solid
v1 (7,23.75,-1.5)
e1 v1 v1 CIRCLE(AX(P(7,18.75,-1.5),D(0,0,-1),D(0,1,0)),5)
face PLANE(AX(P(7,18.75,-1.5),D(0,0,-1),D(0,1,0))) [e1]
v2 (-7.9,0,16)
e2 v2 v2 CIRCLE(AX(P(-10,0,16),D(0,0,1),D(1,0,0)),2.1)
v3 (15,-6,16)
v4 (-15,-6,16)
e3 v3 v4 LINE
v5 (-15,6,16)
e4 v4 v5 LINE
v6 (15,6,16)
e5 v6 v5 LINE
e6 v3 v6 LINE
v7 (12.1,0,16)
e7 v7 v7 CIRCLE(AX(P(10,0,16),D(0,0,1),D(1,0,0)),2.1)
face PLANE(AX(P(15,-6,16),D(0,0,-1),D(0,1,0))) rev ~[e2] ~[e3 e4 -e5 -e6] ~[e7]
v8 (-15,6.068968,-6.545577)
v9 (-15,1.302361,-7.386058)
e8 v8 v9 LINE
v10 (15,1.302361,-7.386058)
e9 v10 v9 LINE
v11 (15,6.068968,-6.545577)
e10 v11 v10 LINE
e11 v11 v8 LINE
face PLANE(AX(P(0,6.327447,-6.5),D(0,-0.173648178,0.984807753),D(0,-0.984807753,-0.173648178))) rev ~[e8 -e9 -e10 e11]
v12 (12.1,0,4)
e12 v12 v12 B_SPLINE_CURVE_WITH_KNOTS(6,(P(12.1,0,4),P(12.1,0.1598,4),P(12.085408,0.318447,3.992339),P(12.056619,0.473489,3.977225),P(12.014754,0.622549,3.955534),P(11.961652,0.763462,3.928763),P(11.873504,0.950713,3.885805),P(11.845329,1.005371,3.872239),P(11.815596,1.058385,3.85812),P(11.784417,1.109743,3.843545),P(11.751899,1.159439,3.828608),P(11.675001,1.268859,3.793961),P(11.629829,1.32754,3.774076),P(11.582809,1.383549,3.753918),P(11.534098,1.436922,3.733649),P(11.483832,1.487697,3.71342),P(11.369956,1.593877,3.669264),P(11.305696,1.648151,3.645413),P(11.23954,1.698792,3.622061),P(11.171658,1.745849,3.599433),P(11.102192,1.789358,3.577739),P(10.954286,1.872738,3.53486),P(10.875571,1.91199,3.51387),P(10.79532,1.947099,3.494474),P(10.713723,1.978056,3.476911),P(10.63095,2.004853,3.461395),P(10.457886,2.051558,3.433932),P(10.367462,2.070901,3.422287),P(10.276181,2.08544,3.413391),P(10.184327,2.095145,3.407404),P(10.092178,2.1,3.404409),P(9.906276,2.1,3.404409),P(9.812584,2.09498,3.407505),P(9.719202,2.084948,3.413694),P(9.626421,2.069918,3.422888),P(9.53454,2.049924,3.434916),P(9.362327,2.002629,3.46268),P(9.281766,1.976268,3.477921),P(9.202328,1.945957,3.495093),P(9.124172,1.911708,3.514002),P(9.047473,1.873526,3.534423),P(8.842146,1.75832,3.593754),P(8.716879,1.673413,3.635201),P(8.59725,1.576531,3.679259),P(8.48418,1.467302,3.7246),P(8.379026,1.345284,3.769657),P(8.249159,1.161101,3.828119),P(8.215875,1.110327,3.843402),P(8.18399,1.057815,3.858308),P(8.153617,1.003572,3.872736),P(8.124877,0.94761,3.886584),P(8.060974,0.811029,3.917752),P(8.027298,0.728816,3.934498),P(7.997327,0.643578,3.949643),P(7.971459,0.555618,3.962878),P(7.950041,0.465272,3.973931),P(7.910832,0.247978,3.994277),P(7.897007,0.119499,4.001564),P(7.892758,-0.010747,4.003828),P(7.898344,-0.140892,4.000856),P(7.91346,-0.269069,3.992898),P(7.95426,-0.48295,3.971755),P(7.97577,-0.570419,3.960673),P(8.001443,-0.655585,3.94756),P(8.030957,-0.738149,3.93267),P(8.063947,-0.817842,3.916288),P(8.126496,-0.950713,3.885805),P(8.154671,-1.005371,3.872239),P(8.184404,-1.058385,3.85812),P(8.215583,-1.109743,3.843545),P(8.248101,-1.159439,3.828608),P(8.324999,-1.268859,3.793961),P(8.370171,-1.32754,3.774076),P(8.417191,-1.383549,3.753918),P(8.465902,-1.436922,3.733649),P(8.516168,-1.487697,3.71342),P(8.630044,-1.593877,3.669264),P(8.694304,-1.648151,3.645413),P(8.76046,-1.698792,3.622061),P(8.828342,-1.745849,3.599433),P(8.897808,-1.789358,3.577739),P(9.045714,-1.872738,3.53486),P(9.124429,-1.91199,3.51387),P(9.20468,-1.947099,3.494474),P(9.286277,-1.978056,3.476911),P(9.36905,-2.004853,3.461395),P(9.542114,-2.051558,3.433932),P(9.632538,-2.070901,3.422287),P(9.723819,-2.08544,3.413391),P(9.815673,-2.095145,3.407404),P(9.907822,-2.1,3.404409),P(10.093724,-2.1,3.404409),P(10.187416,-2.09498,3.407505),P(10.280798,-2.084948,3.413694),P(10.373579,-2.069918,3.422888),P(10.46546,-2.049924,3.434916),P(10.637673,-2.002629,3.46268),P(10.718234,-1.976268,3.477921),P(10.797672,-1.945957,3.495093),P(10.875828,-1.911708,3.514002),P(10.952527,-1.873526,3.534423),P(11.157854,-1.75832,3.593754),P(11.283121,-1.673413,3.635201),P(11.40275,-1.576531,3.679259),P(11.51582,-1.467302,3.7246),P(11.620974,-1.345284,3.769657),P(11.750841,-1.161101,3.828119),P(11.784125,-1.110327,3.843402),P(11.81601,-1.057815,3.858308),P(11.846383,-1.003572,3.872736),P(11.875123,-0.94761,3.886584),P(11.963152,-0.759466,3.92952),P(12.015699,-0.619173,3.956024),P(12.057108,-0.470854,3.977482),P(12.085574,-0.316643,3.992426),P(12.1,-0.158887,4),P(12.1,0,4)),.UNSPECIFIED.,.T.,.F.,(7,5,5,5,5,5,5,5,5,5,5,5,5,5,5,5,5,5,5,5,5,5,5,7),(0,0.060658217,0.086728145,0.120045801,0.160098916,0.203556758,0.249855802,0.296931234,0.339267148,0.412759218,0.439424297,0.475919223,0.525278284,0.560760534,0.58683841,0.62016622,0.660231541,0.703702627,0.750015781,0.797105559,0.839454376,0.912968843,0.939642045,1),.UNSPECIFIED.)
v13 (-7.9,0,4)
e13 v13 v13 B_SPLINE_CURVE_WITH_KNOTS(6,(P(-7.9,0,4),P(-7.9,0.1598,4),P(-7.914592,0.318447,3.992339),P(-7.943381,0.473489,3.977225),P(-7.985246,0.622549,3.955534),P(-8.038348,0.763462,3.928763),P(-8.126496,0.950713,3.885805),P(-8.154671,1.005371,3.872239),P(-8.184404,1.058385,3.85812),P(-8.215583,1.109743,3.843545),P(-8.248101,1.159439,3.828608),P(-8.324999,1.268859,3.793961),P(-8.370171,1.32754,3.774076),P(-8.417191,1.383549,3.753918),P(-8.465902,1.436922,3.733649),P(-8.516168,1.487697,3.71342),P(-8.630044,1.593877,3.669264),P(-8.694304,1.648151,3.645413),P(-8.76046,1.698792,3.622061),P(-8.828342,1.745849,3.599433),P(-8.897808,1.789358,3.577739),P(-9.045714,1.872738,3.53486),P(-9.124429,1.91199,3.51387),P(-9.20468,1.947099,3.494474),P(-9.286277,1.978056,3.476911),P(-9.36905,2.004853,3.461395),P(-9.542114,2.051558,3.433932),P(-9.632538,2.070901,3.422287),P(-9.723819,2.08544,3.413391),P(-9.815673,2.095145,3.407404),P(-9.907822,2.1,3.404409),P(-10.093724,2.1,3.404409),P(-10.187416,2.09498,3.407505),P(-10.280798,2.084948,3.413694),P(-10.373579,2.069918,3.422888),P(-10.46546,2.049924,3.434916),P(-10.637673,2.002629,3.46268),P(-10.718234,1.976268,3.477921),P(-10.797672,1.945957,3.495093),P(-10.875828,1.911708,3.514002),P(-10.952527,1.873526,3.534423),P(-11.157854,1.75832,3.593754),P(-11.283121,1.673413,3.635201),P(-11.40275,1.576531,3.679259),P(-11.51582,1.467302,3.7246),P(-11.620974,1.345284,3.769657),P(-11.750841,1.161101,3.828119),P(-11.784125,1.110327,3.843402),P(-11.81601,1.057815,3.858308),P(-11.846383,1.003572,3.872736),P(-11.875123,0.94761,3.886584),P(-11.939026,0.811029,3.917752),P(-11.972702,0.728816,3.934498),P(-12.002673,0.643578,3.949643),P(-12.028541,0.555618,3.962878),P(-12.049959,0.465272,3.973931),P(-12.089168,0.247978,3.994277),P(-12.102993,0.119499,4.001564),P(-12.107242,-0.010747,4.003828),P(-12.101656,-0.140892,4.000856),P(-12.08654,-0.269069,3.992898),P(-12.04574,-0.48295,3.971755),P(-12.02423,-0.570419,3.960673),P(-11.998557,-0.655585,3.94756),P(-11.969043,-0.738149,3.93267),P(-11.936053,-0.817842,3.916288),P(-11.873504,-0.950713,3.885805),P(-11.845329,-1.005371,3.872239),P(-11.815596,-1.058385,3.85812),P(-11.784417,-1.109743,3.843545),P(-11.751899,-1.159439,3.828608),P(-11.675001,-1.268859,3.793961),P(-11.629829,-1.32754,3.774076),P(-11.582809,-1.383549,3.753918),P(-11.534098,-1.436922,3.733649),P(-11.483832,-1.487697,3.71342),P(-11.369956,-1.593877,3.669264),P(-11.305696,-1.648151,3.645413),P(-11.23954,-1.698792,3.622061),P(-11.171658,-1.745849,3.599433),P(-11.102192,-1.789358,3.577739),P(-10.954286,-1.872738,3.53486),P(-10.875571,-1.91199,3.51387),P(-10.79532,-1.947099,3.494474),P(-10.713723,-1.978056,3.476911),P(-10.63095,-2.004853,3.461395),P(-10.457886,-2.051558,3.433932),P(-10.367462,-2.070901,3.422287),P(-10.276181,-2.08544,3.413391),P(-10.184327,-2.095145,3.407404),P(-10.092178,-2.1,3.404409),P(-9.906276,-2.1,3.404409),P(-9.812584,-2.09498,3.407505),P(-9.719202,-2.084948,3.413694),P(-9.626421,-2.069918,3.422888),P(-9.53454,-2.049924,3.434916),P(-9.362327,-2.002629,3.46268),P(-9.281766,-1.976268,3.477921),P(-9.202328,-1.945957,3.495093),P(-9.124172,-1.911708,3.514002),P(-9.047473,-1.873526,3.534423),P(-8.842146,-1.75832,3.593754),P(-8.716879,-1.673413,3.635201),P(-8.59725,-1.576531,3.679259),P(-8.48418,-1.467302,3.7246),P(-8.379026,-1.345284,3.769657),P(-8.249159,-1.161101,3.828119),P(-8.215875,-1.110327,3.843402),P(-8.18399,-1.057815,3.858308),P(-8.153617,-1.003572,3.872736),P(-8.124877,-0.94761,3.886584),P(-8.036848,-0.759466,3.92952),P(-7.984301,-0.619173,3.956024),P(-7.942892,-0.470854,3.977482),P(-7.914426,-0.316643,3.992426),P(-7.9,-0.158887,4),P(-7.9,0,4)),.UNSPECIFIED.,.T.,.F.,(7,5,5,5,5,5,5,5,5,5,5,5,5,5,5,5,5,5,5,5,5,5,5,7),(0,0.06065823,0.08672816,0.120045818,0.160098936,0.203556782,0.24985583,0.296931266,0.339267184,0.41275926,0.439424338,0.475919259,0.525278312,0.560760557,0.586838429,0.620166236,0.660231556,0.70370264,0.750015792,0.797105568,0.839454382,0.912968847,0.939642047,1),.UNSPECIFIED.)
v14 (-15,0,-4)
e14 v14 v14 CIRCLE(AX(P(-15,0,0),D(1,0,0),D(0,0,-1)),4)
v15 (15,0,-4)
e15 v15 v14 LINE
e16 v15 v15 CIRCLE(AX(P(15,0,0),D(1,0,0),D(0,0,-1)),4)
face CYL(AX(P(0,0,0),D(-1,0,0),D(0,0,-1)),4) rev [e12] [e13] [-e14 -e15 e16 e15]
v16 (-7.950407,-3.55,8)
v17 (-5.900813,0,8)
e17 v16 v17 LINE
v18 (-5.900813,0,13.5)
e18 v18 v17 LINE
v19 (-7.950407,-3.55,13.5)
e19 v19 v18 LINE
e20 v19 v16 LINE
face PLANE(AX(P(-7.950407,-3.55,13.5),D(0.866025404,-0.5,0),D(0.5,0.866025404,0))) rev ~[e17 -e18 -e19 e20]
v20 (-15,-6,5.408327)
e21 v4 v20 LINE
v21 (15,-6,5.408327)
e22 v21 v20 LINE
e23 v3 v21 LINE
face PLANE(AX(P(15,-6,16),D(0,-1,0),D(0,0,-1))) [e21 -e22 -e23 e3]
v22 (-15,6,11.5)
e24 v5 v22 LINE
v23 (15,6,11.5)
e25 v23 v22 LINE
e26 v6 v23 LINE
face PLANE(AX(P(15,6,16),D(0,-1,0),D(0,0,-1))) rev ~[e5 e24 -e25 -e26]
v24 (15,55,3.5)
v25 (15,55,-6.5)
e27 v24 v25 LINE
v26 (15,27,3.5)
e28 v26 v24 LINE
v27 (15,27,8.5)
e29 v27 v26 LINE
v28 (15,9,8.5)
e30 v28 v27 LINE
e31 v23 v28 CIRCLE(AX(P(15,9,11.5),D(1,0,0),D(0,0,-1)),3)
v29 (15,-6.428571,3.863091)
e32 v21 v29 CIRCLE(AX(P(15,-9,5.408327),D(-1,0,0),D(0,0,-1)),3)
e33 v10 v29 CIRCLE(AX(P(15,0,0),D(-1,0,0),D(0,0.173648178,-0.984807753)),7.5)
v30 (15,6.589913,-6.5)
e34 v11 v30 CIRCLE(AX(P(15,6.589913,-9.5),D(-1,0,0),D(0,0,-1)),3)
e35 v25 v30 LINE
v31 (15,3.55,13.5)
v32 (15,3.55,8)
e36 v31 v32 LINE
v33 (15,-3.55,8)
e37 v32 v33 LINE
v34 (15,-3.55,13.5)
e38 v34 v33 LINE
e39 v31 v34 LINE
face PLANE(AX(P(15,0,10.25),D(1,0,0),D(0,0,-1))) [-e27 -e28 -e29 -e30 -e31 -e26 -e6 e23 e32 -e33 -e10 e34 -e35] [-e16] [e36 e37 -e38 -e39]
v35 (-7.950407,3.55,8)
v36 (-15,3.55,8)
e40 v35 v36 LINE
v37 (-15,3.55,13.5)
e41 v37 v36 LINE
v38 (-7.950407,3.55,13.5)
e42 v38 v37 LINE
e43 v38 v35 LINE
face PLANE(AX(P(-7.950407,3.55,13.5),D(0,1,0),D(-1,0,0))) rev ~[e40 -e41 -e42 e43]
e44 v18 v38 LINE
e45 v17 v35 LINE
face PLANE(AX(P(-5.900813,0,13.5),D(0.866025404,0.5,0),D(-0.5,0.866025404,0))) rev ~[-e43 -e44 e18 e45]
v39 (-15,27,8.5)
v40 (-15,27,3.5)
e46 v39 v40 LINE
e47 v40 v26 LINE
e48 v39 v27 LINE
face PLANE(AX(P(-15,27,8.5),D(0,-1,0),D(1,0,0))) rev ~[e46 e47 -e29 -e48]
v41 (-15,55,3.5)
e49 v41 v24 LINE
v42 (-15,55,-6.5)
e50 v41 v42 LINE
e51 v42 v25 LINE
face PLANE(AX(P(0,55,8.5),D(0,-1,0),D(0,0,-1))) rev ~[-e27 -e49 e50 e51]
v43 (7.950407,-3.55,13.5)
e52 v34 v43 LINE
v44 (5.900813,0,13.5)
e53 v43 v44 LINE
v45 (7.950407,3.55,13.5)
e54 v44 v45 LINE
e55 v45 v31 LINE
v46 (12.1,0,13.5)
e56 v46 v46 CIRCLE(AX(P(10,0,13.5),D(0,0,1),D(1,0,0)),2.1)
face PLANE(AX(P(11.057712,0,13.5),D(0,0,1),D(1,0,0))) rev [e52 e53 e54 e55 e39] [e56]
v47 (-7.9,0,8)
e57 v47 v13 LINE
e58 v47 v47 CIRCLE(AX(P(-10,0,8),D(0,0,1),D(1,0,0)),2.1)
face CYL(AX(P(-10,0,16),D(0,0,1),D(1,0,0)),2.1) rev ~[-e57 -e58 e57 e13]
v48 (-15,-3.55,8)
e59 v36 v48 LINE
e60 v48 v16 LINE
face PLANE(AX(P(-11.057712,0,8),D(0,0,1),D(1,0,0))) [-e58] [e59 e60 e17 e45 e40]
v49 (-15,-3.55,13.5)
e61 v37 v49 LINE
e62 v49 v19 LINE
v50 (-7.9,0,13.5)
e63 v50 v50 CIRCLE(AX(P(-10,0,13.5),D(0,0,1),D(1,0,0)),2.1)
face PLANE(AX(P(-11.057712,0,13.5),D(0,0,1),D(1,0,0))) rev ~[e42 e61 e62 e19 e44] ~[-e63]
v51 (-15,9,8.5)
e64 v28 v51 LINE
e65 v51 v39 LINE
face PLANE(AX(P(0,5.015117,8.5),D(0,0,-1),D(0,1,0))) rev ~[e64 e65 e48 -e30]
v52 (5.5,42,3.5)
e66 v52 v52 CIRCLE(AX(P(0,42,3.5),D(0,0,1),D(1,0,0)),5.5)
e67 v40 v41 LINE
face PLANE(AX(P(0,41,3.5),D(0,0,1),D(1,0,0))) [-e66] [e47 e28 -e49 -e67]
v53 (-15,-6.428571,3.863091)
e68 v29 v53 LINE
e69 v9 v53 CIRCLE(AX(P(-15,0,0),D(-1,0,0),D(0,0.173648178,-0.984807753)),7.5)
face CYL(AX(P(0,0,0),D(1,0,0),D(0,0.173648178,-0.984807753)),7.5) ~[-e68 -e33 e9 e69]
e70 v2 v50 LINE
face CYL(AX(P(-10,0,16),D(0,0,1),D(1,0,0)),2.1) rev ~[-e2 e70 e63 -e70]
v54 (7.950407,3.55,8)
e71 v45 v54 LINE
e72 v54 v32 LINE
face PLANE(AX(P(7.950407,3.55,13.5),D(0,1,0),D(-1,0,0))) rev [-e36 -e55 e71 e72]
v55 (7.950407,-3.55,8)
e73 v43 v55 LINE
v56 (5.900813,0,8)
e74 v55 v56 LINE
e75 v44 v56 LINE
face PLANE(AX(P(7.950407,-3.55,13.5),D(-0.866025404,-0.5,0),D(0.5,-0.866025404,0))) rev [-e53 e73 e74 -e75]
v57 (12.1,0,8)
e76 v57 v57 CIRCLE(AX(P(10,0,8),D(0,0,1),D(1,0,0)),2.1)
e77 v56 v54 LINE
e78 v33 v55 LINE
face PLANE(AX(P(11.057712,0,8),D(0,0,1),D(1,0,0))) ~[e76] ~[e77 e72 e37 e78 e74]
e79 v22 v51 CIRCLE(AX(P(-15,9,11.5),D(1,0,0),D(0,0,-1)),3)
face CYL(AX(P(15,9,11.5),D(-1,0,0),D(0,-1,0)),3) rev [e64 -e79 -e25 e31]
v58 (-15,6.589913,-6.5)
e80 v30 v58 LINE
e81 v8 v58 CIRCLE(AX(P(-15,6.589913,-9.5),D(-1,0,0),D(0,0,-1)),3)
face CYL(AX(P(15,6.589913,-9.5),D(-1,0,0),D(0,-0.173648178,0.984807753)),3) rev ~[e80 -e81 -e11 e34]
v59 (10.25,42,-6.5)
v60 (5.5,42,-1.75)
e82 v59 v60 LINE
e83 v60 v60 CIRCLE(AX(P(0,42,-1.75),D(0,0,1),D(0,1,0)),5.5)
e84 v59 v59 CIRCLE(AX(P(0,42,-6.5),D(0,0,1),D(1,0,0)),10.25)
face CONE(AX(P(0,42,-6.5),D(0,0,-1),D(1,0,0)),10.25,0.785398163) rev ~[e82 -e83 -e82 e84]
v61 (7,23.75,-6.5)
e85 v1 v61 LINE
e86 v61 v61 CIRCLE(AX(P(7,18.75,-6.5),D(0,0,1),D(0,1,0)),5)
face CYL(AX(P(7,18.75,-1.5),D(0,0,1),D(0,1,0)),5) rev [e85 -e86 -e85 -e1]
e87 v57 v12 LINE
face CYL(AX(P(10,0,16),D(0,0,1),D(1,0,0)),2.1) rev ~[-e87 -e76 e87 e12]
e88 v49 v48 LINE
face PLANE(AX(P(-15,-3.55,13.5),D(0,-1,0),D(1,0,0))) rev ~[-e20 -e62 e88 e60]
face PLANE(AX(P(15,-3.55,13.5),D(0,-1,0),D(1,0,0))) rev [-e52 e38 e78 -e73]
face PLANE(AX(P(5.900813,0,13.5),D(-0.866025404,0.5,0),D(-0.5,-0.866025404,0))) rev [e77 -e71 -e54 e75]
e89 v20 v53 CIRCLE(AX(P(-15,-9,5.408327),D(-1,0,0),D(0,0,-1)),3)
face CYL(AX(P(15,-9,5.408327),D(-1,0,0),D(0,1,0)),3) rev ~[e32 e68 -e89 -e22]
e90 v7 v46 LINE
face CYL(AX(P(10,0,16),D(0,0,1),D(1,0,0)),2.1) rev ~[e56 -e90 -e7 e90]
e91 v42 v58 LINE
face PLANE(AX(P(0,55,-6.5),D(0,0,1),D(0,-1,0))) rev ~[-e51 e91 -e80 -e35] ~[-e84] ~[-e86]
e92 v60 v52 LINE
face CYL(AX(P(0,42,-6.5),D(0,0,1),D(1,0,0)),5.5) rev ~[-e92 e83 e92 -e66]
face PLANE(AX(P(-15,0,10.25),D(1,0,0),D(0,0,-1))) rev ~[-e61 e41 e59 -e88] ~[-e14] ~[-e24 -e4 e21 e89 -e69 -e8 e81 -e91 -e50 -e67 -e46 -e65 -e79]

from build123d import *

# Parameters (mm, degrees)
SKETCH1_R                                           = 4
BOSS_EXTRUDE1_DEPTH                                 = 15
SKETCH2_W                                           = 11.5
SKETCH2_H                                           = 12
BOSS_EXTRUDE2_DEPTH                                 = 30
FILLET1_R                                           = 3
SKETCH3_R                                           = 2.1
CUT_EXTRUDE1_DEPTH                                  = 60.211485372
CUT_EXTRUDE2_REACH                                  = 63.662
CUT_EXTRUDE2_END_RADIUS                             = 4
SKETCH4_R                                           = 2.1
CUT_EXTRUDE3_START                                  = -2.5
CUT_EXTRUDE3_DEPTH                                  = 5.5
CUT_EXTRUDE4_DEPTH                                  = 62.288253385
CUT_EXTRUDE4_DEPTH_BACK                             = 5
SKETCH6_R                                           = 5
CSK_FOR_M10_HEX_SOCKET_COUNTERSUNK_HEAD_D           = 11
CSK_FOR_M10_HEX_SOCKET_COUNTERSUNK_HEAD_CSINK_D     = 20.5
CSK_FOR_M10_HEX_SOCKET_COUNTERSUNK_HEAD_CSINK_ANGLE = 90
SKETCH9_W                                           = 30
SKETCH9_H                                           = 28
CUT_EXTRUDE5_DEPTH                                  = 5


with BuildPart() as part:
    # Sketch1 → Boss-Extrude1 (new, symmetric)
    with BuildSketch(Plane(origin=(0, 0, 0), x_dir=(0, 0, -1), z_dir=(1, 0, 0))):
        with BuildLine():
            Line((6.5, 55), (6.5, 6.327446796))
            Line((6.5, 6.327446796), (7.386058148, 1.302361333))
            ThreePointArc((7.386058148, 1.302361333), (1.302361333, -7.386058148), (-7.386058148, -1.302361333))
            Line((-7.386058148, -1.302361333), (-8.5, 5.015116843))
            Line((-8.5, 5.015116843), (-8.5, 55))
            Line((-8.5, 55), (6.5, 55))
        make_face()
        Circle(SKETCH1_R, mode=Mode.SUBTRACT)
    extrude(amount=BOSS_EXTRUDE1_DEPTH, both=True)

    # Sketch2 → Boss-Extrude2 (add)
    with BuildSketch(Plane(origin=(15, 0, 0), x_dir=(0, 0, -1), z_dir=(1, 0, 0))):
        with Locations((-10.25, 0)):
            Rectangle(SKETCH2_W, SKETCH2_H)
    extrude(amount=-BOSS_EXTRUDE2_DEPTH)

    # Fillet1
    fillet1_edges = [part.edges().sort_by_distance(p)[0] for p in [
        (0, 6.327446796, -6.5),
        (0, 6, 8.5),
        (0, -6, 4.5),
    ]]
    fillet(fillet1_edges, radius=FILLET1_R)

    # Sketch3 → Cut-Extrude1 (cut, through all)
    with BuildSketch(Plane.XY.offset(8.5)):
        with Locations((0, 42)):
            Circle(SKETCH3_R)
    extrude(amount=-CUT_EXTRUDE1_DEPTH, mode=Mode.SUBTRACT)

    # Cut-Extrude2: up to this cylinder (the profile starts outside it)
    cut_extrude2_end = Plane(origin=(0, 0, 0), z_dir=(-1, 0, 0)) * Cylinder(CUT_EXTRUDE2_END_RADIUS, 156.324, mode=Mode.PRIVATE)
    # Sketch4 → Cut-Extrude2 (cut, up to the surface)
    with BuildSketch(Plane.XY.offset(16), mode=Mode.PRIVATE) as cut_extrude2_sk1:
        with Locations((-10, 0)):
            Circle(SKETCH4_R)
    cut_extrude2_tool1 = extrude(cut_extrude2_sk1.sketch, amount=-CUT_EXTRUDE2_REACH, mode=Mode.PRIVATE) - cut_extrude2_end
    add(cut_extrude2_tool1.solids().sort_by_distance((-10, 0, 16))[0], mode=Mode.SUBTRACT)
    # Sketch4 → Cut-Extrude2 (cut, up to the surface)
    with BuildSketch(Plane.XY.offset(16), mode=Mode.PRIVATE) as cut_extrude2_sk2:
        with Locations((10, 0)):
            Circle(SKETCH4_R)
    cut_extrude2_tool2 = extrude(cut_extrude2_sk2.sketch, amount=-CUT_EXTRUDE2_REACH, mode=Mode.PRIVATE) - cut_extrude2_end
    add(cut_extrude2_tool2.solids().sort_by_distance((10, 0, 16))[0], mode=Mode.SUBTRACT)

    # Sketch5 → Cut-Extrude3 (cut)
    with BuildSketch(Plane.XY.offset(16).offset(CUT_EXTRUDE3_START)):
        Polygon((-12.049593456, 3.55), (-15, 3.55), (-15, -3.55), (-12.049593456, -3.55), (-7.950406544, -3.55), (-5.900813089, 0), (-7.950406544, 3.55), align=None)
    cut_extrude3 = extrude(amount=-CUT_EXTRUDE3_DEPTH, mode=Mode.SUBTRACT)

    # Mirror1: Cut-Extrude3 across plane
    add(cut_extrude3.mirror(Plane(origin=(0, 0, 0), x_dir=(0, 0, 1), z_dir=(1, 0, 0))), mode=Mode.SUBTRACT)

    # Sketch6 → Cut-Extrude4 (cut, two sides: drawn at the far end of the back side and taken through both)
    with BuildSketch(Plane(origin=(0, 0, -6.5), x_dir=(-1, 0, 0), z_dir=(0, 0, -1)).offset(-CUT_EXTRUDE4_DEPTH_BACK)):
        with Locations(Location((-7, 18.75, 0), (0, 0, 90))):
            Circle(SKETCH6_R)
    extrude(amount=CUT_EXTRUDE4_DEPTH + CUT_EXTRUDE4_DEPTH_BACK, mode=Mode.SUBTRACT)

    # CSK for M10 Hex Socket Countersunk Head Screw1 (through all)
    with Locations(Plane(origin=(0, 0, -6.5), x_dir=(-1, 0, 0), z_dir=(0, 0, -1))):
        with Locations((0, 42)):
            CounterSinkHole(CSK_FOR_M10_HEX_SOCKET_COUNTERSUNK_HEAD_D / 2, CSK_FOR_M10_HEX_SOCKET_COUNTERSUNK_HEAD_CSINK_D / 2, counter_sink_angle=CSK_FOR_M10_HEX_SOCKET_COUNTERSUNK_HEAD_CSINK_ANGLE)

    # Sketch9 → Cut-Extrude5 (cut)
    with BuildSketch(Plane.XY.offset(8.5)):
        with Locations((0, 41)):
            Rectangle(SKETCH9_W, SKETCH9_H)
    extrude(amount=-CUT_EXTRUDE5_DEPTH, mode=Mode.SUBTRACT)


solid = part.part
